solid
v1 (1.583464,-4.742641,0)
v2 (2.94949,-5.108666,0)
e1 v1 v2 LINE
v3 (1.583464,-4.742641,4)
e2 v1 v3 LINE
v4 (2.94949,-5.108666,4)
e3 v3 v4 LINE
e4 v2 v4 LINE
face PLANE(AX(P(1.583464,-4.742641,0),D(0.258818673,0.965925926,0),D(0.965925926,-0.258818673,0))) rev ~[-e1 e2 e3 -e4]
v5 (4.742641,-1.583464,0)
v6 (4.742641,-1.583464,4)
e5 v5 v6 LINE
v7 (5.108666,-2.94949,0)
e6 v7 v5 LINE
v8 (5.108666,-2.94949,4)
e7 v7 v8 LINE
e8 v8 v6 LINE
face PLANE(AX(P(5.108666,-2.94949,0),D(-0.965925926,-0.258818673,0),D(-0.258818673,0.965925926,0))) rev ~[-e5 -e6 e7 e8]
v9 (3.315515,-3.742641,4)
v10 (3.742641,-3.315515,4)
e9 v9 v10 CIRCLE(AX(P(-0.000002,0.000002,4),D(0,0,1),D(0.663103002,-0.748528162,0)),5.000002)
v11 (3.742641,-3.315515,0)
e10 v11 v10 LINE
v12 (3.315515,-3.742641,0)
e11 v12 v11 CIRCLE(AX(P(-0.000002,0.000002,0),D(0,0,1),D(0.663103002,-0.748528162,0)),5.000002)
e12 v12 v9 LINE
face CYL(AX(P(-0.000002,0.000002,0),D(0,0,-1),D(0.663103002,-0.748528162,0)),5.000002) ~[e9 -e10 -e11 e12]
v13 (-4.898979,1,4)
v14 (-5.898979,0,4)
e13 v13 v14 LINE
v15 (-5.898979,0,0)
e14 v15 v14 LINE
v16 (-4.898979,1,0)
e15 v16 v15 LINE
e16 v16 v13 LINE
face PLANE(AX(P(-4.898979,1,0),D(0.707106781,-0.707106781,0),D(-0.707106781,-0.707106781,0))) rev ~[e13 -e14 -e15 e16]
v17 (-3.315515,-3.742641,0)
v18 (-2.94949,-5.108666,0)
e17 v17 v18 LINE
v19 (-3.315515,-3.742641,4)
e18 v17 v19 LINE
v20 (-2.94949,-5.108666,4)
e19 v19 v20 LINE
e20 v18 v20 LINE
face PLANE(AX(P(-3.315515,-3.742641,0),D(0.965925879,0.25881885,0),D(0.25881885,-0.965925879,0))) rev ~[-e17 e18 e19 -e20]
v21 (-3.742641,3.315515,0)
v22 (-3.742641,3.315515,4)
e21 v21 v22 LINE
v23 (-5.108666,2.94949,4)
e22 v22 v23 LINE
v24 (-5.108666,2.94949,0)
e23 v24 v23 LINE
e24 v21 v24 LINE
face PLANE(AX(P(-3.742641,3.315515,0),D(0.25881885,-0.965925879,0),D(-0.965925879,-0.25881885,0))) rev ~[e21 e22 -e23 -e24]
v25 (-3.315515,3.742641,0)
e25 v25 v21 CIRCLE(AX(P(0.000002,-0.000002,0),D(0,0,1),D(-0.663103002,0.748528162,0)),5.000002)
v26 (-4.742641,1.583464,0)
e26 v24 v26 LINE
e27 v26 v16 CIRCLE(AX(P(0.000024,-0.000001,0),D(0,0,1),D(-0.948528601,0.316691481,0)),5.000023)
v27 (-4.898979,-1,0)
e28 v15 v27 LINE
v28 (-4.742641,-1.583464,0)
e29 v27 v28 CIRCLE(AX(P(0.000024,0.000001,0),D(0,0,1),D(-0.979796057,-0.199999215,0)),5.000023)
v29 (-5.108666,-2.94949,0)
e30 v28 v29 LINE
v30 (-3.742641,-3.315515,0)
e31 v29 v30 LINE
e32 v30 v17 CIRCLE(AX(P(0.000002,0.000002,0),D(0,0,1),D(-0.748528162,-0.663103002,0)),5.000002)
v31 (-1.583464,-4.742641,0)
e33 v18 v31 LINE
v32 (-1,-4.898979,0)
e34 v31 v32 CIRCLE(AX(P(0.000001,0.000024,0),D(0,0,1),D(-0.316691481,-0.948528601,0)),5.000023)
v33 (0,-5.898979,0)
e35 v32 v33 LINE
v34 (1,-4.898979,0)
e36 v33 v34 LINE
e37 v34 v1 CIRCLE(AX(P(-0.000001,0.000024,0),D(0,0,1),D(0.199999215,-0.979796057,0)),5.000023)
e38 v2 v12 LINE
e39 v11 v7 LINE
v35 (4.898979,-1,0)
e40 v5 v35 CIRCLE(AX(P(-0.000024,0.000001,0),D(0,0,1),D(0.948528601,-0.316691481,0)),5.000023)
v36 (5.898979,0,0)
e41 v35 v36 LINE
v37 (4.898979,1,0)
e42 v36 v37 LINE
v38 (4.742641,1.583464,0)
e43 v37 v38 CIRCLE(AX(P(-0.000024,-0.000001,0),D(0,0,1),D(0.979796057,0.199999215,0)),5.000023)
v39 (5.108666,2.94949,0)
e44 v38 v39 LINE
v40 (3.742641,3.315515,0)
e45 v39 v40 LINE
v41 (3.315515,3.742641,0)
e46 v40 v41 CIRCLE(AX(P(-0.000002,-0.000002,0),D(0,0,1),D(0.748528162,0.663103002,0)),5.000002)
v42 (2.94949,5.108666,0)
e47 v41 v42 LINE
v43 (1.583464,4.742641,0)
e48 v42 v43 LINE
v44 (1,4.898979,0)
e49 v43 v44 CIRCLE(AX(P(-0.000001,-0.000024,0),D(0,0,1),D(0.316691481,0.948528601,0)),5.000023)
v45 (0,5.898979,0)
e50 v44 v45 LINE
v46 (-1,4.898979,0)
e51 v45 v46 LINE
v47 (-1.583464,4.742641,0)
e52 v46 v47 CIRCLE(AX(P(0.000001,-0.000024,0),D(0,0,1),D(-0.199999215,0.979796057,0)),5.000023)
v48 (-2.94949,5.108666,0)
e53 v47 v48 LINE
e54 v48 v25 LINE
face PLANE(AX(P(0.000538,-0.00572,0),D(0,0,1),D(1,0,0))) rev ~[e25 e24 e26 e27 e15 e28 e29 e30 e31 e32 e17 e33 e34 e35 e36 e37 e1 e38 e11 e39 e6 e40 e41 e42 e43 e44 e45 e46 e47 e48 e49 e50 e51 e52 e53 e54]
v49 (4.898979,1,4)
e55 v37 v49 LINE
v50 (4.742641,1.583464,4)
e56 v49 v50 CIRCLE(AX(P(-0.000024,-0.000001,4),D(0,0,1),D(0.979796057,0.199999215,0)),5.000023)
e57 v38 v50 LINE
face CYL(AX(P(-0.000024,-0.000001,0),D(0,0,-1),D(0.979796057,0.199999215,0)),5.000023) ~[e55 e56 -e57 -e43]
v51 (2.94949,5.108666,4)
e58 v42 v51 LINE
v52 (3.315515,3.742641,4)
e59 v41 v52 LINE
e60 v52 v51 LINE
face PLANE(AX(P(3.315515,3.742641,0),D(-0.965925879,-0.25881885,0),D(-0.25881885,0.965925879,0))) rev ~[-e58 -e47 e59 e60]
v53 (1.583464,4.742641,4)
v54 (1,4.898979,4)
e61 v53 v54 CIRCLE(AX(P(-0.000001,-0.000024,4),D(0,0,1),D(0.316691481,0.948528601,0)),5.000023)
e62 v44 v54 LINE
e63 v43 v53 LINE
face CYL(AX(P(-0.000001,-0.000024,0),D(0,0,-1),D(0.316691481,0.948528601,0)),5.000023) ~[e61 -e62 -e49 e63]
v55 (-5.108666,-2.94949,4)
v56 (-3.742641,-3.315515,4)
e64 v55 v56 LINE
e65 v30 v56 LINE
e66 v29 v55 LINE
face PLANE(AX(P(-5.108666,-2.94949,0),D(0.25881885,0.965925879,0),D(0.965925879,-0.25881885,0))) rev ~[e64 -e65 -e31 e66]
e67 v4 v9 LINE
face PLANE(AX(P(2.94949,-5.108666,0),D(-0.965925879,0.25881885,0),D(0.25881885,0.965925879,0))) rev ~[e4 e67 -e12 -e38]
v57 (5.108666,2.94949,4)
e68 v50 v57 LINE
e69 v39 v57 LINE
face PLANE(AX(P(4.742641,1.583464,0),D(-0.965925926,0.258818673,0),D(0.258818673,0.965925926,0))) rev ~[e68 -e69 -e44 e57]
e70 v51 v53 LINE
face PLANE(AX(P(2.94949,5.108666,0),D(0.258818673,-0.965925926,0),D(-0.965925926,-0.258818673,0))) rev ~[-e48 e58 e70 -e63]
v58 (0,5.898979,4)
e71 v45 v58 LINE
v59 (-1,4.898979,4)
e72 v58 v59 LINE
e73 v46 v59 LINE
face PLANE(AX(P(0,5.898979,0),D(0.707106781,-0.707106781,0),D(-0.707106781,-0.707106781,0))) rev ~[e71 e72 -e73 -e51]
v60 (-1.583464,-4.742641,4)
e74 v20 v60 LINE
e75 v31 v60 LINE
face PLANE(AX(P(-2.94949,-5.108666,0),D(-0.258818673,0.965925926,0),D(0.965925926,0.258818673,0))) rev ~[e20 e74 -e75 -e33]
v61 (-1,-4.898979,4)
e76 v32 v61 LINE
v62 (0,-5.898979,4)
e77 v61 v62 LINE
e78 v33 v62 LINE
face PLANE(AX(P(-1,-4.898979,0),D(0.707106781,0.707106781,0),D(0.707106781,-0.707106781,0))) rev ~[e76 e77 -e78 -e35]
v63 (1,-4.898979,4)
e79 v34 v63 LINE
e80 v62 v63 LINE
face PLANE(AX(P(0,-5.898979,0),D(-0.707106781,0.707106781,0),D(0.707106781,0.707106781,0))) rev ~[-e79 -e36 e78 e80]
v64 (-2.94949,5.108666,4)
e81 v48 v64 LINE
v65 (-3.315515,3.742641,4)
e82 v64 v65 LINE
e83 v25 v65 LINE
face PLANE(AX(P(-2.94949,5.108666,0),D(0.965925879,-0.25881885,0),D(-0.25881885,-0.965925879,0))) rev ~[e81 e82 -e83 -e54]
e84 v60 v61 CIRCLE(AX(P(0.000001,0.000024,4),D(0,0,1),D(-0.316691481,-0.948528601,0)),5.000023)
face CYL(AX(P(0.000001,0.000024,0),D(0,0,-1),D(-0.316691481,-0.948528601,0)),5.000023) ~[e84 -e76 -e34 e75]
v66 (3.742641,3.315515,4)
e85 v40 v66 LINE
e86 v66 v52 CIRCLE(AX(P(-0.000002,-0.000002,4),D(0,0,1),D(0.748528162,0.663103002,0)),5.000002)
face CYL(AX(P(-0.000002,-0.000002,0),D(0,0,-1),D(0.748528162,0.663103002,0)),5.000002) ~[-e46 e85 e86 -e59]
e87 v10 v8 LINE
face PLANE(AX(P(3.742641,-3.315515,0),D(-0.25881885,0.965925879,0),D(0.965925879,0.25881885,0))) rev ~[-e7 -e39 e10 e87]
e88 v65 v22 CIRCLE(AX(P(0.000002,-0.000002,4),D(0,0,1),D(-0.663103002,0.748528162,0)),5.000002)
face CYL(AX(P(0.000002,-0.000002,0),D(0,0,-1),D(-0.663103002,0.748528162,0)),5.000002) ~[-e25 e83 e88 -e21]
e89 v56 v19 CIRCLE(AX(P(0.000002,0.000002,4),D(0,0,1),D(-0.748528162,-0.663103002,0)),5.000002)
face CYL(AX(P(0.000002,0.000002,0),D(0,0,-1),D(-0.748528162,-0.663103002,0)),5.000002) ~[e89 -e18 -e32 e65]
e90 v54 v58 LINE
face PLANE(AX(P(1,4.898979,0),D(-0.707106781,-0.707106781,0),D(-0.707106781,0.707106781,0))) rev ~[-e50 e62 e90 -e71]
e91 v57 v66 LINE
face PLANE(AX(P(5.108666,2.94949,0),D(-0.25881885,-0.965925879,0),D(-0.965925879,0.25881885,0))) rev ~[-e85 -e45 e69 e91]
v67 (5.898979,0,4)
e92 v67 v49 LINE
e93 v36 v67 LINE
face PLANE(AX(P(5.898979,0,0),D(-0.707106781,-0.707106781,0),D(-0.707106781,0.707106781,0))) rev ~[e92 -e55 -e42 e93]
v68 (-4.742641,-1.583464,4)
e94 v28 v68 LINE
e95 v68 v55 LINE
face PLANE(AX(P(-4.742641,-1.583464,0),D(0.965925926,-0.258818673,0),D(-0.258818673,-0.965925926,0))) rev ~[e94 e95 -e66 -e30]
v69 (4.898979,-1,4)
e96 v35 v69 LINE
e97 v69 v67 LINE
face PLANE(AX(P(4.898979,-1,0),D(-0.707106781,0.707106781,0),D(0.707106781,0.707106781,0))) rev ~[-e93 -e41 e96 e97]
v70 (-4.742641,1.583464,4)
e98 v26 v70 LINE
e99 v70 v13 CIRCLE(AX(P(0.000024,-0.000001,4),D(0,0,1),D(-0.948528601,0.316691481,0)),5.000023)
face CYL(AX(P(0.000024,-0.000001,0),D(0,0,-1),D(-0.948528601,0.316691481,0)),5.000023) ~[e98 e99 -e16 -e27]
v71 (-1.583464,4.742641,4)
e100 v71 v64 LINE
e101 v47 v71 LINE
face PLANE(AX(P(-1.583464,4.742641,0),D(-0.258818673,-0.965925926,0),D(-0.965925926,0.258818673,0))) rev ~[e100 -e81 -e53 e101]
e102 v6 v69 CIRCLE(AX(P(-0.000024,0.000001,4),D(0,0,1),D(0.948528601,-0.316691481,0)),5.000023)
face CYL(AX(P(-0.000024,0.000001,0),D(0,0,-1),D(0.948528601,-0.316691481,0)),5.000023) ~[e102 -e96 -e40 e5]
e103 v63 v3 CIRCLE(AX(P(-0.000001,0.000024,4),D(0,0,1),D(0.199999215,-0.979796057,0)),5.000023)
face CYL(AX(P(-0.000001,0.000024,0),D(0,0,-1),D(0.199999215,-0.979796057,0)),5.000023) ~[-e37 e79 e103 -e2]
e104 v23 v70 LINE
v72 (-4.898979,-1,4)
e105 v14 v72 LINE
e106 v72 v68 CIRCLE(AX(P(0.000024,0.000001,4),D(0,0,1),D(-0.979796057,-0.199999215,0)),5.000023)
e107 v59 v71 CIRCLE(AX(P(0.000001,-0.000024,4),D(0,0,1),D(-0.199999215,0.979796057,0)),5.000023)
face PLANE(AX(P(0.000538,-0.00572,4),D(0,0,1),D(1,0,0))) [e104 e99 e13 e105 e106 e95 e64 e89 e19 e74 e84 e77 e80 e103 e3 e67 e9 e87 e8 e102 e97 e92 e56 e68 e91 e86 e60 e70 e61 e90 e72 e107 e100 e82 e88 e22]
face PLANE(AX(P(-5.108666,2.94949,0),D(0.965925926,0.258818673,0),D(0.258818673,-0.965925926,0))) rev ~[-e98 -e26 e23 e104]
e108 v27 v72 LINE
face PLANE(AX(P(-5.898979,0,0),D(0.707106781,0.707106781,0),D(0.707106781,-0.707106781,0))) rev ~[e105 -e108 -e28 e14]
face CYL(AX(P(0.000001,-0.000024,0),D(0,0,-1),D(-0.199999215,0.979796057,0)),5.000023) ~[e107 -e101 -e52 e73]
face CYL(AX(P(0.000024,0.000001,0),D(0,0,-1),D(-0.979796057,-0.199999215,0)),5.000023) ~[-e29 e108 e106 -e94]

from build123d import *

# Parameters (mm, degrees)
F1_DEPTH = 4


with BuildPart() as f1:
    # F0 (on Top) → F1 (new body)
    with BuildSketch(Plane.XY):
        with BuildLine():
            ThreePointArc((4.898979, -1), (4.974681, -0.502545), (5, 0))
            ThreePointArc((5, 0), (4.974681, 0.502545), (4.898979, 1))
            ThreePointArc((4.898979, 1), (4.829629, 1.294095), (4.742641, 1.583464))
            ThreePointArc((4.742641, 1.583464), (4.330127, 2.5), (3.742641, 3.315515))
            ThreePointArc((3.742641, 3.315515), (3.535534, 3.535534), (3.315515, 3.742641))
            ThreePointArc((3.315515, 3.742641), (2.5, 4.330127), (1.583464, 4.742641))
            ThreePointArc((1.583464, 4.742641), (1.294095, 4.829629), (1, 4.898979))
            Line((1, 4.898979), (-1, 4.898979))
            ThreePointArc((-1, 4.898979), (-1.294095, 4.829629), (-1.583464, 4.742641))
            ThreePointArc((-1.583464, 4.742641), (-2.5, 4.330127), (-3.315515, 3.742641))
            ThreePointArc((-3.315515, 3.742641), (-3.535534, 3.535534), (-3.742641, 3.315515))
            ThreePointArc((-3.742641, 3.315515), (-4.330127, 2.5), (-4.742641, 1.583464))
            ThreePointArc((-4.742641, 1.583464), (-4.829629, 1.294095), (-4.898979, 1))
            ThreePointArc((-4.898979, 1), (-5, 0), (-4.898979, -1))
            ThreePointArc((-4.898979, -1), (-4.829629, -1.294095), (-4.742641, -1.583464))
            ThreePointArc((-4.742641, -1.583464), (-4.330127, -2.5), (-3.742641, -3.315515))
            ThreePointArc((-3.742641, -3.315515), (-3.535534, -3.535534), (-3.315515, -3.742641))
            ThreePointArc((-3.315515, -3.742641), (-2.5, -4.330127), (-1.583464, -4.742641))
            ThreePointArc((-1.583464, -4.742641), (-1.294095, -4.829629), (-1, -4.898979))
            ThreePointArc((-1, -4.898979), (0, -5), (1, -4.898979))
            ThreePointArc((1, -4.898979), (1.294095, -4.829629), (1.583464, -4.742641))
            ThreePointArc((1.583464, -4.742641), (2.5, -4.330127), (3.315515, -3.742641))
            ThreePointArc((3.315515, -3.742641), (3.535534, -3.535534), (3.742641, -3.315515))
            ThreePointArc((3.742641, -3.315515), (4.330127, -2.5), (4.742641, -1.583464))
            ThreePointArc((4.742641, -1.583464), (4.829629, -1.294095), (4.898979, -1))
        make_face()
        with BuildLine():
            Line((-1, 4.898979), (1, 4.898979))
            ThreePointArc((1, 4.898979), (0, 5), (-1, 4.898979))
        make_face()
        with BuildLine():
            ThreePointArc((-3.315515, 3.742641), (-2.5, 4.330127), (-1.583464, 4.742641))
            Line((-1.583464, 4.742641), (-2.94949, 5.108666))
            Line((-2.94949, 5.108666), (-3.315515, 3.742641))
        make_face()
        with BuildLine():
            ThreePointArc((-1, 4.898979), (0, 5), (1, 4.898979))
            Line((1, 4.898979), (0, 5.898979))
            Line((0, 5.898979), (-1, 4.898979))
        make_face()
        with BuildLine():
            ThreePointArc((1.583464, 4.742641), (2.5, 4.330127), (3.315515, 3.742641))
            Line((3.315515, 3.742641), (2.94949, 5.108666))
            Line((2.94949, 5.108666), (1.583464, 4.742641))
        make_face()
        with BuildLine():
            ThreePointArc((3.742641, 3.315515), (4.330127, 2.5), (4.742641, 1.583464))
            Line((4.742641, 1.583464), (5.108666, 2.94949))
            Line((5.108666, 2.94949), (3.742641, 3.315515))
        make_face()
        with BuildLine():
            ThreePointArc((4.898979, 1), (4.974681, 0.502545), (5, 0))
            ThreePointArc((5, 0), (4.974681, -0.502545), (4.898979, -1))
            Line((4.898979, -1), (5.898979, 0))
            Line((5.898979, 0), (4.898979, 1))
        make_face()
        with BuildLine():
            Line((5.108666, -2.94949), (4.742641, -1.583464))
            ThreePointArc((4.742641, -1.583464), (4.330127, -2.5), (3.742641, -3.315515))
            Line((3.742641, -3.315515), (5.108666, -2.94949))
        make_face()
        with BuildLine():
            Line((2.94949, -5.108666), (3.315515, -3.742641))
            ThreePointArc((3.315515, -3.742641), (2.5, -4.330127), (1.583464, -4.742641))
            Line((1.583464, -4.742641), (2.94949, -5.108666))
        make_face()
        with BuildLine():
            Line((0, -5.898979), (1, -4.898979))
            ThreePointArc((1, -4.898979), (0, -5), (-1, -4.898979))
            Line((-1, -4.898979), (0, -5.898979))
        make_face()
        with BuildLine():
            Line((-2.94949, -5.108666), (-1.583464, -4.742641))
            ThreePointArc((-1.583464, -4.742641), (-2.5, -4.330127), (-3.315515, -3.742641))
            Line((-3.315515, -3.742641), (-2.94949, -5.108666))
        make_face()
        with BuildLine():
            Line((-5.108666, -2.94949), (-3.742641, -3.315515))
            ThreePointArc((-3.742641, -3.315515), (-4.330127, -2.5), (-4.742641, -1.583464))
            Line((-4.742641, -1.583464), (-5.108666, -2.94949))
        make_face()
        with BuildLine():
            ThreePointArc((-4.898979, -1), (-5, 0), (-4.898979, 1))
            Line((-4.898979, 1), (-5.898979, 0))
            Line((-5.898979, 0), (-4.898979, -1))
        make_face()
        with BuildLine():
            ThreePointArc((-4.742641, 1.583464), (-4.330127, 2.5), (-3.742641, 3.315515))
            Line((-3.742641, 3.315515), (-5.108666, 2.94949))
            Line((-5.108666, 2.94949), (-4.742641, 1.583464))
        make_face()
    extrude(amount=F1_DEPTH)


solid = f1.part
